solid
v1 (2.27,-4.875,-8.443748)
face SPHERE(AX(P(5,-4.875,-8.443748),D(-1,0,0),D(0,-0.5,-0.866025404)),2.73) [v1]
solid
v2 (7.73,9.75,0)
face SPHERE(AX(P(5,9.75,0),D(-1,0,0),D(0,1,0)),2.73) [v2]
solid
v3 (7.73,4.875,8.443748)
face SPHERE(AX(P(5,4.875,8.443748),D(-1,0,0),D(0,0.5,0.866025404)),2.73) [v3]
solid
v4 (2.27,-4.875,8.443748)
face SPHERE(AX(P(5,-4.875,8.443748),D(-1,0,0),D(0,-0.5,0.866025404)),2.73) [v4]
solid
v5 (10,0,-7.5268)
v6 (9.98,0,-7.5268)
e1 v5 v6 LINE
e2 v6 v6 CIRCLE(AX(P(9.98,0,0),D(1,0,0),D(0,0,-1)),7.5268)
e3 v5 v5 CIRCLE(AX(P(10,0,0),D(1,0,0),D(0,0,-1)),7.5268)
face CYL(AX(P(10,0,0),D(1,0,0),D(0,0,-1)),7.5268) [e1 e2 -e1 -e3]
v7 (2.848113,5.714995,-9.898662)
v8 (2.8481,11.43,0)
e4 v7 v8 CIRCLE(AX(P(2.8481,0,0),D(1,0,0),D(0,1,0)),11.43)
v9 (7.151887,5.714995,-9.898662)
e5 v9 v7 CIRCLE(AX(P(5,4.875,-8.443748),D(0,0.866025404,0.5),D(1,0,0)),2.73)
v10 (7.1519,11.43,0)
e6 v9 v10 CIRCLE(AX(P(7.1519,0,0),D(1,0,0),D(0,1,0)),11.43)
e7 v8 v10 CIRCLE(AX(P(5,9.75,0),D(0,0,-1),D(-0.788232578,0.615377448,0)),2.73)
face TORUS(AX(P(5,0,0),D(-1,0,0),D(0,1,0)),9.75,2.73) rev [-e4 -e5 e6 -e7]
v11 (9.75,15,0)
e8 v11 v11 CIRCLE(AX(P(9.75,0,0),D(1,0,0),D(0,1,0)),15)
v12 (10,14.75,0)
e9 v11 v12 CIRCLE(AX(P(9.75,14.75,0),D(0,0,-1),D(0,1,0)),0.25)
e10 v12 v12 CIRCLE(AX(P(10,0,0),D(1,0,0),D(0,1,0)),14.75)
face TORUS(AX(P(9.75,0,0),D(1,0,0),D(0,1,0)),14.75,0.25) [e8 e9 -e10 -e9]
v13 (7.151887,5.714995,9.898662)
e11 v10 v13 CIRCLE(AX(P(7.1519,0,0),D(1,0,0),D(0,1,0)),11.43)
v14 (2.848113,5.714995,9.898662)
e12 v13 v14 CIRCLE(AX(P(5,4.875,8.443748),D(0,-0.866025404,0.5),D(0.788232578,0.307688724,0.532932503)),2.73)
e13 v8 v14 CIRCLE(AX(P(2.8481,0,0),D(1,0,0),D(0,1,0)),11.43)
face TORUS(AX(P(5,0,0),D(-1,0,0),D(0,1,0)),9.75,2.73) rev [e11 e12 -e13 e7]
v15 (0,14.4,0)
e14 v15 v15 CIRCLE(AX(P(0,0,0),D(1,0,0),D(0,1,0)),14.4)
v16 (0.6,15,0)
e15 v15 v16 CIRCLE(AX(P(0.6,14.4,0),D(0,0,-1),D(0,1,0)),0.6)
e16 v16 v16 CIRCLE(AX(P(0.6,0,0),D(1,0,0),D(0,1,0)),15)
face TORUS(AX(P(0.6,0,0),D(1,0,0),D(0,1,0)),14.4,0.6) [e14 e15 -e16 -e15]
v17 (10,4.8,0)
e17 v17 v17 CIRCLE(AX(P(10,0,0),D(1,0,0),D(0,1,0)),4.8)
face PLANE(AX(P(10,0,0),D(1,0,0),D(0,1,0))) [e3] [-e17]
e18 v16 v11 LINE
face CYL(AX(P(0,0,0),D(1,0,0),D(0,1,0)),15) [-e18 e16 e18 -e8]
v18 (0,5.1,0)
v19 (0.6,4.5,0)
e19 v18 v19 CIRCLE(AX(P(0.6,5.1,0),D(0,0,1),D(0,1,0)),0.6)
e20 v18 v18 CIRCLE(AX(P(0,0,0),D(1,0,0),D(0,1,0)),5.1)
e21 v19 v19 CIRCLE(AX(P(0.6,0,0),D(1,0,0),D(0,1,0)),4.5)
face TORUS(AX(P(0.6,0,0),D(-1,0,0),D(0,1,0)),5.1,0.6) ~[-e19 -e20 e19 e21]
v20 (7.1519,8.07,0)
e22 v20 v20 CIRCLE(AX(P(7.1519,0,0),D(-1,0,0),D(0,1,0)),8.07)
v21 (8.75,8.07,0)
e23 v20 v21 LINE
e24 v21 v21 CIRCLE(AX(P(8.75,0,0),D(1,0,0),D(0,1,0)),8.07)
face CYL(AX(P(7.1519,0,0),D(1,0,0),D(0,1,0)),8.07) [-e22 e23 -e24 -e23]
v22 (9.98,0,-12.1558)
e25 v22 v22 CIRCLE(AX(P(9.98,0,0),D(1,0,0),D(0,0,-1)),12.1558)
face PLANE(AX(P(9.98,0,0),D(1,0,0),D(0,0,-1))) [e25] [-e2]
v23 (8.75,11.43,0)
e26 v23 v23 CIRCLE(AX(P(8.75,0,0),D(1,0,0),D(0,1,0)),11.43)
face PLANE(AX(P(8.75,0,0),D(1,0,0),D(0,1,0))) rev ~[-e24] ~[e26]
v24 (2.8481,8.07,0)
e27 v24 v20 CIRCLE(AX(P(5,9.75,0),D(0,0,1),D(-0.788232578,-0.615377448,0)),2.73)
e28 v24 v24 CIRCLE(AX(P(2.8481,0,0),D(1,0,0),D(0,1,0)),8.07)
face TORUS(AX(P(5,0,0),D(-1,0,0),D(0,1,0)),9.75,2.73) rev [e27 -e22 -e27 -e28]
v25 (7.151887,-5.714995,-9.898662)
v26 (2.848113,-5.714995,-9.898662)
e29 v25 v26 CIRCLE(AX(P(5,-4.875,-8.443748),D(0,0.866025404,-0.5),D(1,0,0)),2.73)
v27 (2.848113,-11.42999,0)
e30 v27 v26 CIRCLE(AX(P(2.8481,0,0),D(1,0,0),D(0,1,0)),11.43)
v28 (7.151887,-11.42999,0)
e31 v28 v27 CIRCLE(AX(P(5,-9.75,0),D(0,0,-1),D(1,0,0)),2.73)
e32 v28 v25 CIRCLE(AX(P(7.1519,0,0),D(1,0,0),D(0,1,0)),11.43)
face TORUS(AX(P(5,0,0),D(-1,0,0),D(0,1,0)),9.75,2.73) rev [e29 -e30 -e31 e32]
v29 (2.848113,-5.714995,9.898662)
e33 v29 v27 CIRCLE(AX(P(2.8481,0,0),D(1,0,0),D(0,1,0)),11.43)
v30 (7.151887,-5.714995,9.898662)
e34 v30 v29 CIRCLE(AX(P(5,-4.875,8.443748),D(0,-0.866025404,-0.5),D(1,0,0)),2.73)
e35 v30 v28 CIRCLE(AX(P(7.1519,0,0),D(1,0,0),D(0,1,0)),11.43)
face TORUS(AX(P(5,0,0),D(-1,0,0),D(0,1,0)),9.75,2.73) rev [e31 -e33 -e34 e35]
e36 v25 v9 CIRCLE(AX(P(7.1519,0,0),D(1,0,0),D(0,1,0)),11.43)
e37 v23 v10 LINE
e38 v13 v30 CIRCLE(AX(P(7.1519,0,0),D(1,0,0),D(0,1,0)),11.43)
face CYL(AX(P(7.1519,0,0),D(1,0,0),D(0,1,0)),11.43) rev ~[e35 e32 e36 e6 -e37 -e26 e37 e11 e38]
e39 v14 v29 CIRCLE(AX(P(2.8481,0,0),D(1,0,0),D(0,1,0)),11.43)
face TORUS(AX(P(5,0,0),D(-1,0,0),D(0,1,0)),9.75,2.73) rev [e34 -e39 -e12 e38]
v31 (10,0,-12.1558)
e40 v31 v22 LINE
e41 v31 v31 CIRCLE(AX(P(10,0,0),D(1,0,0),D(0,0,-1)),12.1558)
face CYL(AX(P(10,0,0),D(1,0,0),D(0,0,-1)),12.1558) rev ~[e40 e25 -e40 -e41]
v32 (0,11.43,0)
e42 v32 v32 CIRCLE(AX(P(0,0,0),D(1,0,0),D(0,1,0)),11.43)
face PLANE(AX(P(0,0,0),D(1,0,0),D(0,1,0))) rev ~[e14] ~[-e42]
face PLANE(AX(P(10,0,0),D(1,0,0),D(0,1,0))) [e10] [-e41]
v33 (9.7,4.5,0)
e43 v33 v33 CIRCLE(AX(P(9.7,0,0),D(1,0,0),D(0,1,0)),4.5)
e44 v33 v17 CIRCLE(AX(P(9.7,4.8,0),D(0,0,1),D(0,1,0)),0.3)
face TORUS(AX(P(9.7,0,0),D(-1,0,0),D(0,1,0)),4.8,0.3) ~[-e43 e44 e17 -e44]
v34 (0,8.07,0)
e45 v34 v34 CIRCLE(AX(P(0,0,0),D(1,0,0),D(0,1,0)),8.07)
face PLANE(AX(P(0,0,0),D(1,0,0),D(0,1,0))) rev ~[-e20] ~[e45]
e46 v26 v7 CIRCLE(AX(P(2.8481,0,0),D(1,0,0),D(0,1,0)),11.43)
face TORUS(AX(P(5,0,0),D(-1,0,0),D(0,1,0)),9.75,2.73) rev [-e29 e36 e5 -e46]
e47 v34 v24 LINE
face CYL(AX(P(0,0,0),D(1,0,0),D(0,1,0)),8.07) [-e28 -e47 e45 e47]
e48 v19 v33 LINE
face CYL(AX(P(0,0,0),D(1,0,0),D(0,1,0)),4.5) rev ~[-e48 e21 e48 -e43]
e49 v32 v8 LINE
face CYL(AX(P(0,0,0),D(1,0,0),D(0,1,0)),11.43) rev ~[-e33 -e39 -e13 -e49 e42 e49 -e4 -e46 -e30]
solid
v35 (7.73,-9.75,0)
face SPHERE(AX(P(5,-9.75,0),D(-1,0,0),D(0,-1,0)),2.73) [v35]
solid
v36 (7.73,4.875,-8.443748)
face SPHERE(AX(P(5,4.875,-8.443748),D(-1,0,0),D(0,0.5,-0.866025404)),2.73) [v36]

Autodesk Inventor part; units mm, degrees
ref_plane "YZ Plane" through (0, 0, 0) normal (1, 0, 0) x (0, 1, 0)
ref_plane "XZ Plane" through (0, 0, 0) normal (0, 1, 0) x (-1, 0, 0)
ref_plane "XY Plane" through (0, 0, 0) normal (0, 0, 1) x (1, 0, 0)
sketch "Sketch1" plane through (0, 0, 0) normal (0, 0, 1) x (1, 0, 0)
  line L0 (-2, 0) -> (12, 0) projected
  line L1 (0, 4.5) -> (10, 4.5)
  line L2 (5, 7.02) -> (5, 12.48)
  circle A0 centre (5, 9.75) radius 2.73
  line L3 (7.73, 9.75) -> (2.27, 9.75)
  line L4 (7.1519, 8.07) -> (8.75, 8.07)
  line L5 (3.5, 1.5694) -> (3.5, 1.5694)
  line L6 (0, 15) -> (7.2475, 15)
  line L7 (3.5, 2.4654) -> (3.5, 2.4654)
  line L8 (10, 15) -> (7.5, 15)
  line L9 (0, 8.07) -> (0, 4.5)
  line L10 (10, 15) -> (10, 12.1558)
  line L11 (10, 7.5268) -> (10, 4.5)
  line L12 (10, 8.07) -> (10, 11.43)
  line L13 (8.75, 11.43) -> (8.75, 8.07)
  line L14 (8.75, 7.5268) -> (10, 7.5268)
  line L15 (8.75, 12.1558) -> (10, 12.1558)
  line L16 (8.75, 12.1558) -> (8.75, 11.43)
  line L17 (8.75, 11.43) -> (10, 11.43)
  line L18 (8.75, 8.07) -> (8.75, 7.5268)
  line L19 (8.75, 8.07) -> (10, 8.07)
  line L20 (10, 12.1558) -> (10, 11.43)
  line L21 (10, 8.07) -> (10, 7.5268)
  line L22 (0, 15) -> (0, 11.43)
  line L23 (0, 11.43) -> (2.8481, 11.43)
  line L24 (7.1519, 11.43) -> (8.75, 11.43)
  line L25 (0, 17.6861) -> (0, -1.1167) projected
  line L26 (0, 8.07) -> (2.8481, 8.07)
  line L27 (7.2475, 15) -> (7.5, 15)
  dimension "d3" = 5.46
  dimension "d4" = 9
  dimension "d5" = 19.5
  dimension "d6" = 30
  dimension "d7" = 30
  dimension "d19" = 15.0537
  dimension "d20" = 24.3117
  dimension "d21" = 1.25
  dimension "d27" = 3.36
  dimension "d28" = 10
  dimension "d29" = 5
revolve "Body" add sketch "Sketch1" angle 360 about axis through (-10, 0, 0) along (1, 0, 0) contours L9 L26 A0 L4 L18 L14 L11 L1 | L14 L18 L19 L21 | L22 L6 L27 L8 L10 L15 L16 L24 A0 L23 | L17 L16 L15 L20
fillet "Fillet1" radius 0.25 1 edges at (10, -15, 0)
fillet "Fillet1" radius 0.6 1 edges at (0, -15, 0)
fillet "Fillet1" radius 0.6 1 edges at (0, -4.5, 0)
fillet "Fillet1" radius 0.3 1 edges at (10, -4.5, 0)
revolve "Ball" add sketch "Sketch1" angle 360 about axis through (7.73, 9.75, 0) along (-1, 0, 0) picked at (3.7098, 11.017) picked at (6.2902, 11.017) contours A0 L2 L3 | A0 L3 L2
pattern_circular "Balls" count 6 over 360 about axis through (-10, 0, 0) along (1, 0, 0) of "Ball"
revolve "Ring1" add sketch "Sketch1" angle 360 about axis through (-10, 0, 0) along (1, 0, 0) contours L14 L18 L19 L21 | L19 L13 L17 L12 | L17 L16 L15 L20
sketch "Sketch2" plane through (10, 0, 0) normal (1, 0, 0) x (0, 0, -1)
  circle A0 centre (0, 0) radius 14.75 projected
  circle A1 centre (0, 0) radius 12.1558
  circle A2 centre (0, 0) radius 7.5268
  dimension "d22" = 15.0537
  dimension "d23" = 24.3117
extrude "Indent1" cut sketch "Sketch2" against normal blind 0.02 contours A1
equation "\"d5\" = 0.5 * WD + 0.5 * BD"
equation "\"d29\" = 0.5 * KB"
equation "\"d22\" = ND3"
equation "\"d23\" = ND2"
equation "\"d3\" = -0.26 * WD + 0.26 * BD"
equation "\"d4\" = WD"
equation "\"d6\" = BD"
equation "\"d7\" = BD"
equation "\"d19\" = ND3"
equation "\"d20\" = ND2"
equation "\"d21\" = NBR2"
equation "\"d27\" = -0.16 * WD + 0.16 * BD"
equation "\"d28\" = KB"
equation "\"d10\" = KRS"
equation "\"d11\" = KR1S"
equation "\"d12\" = KR2S"
equation "\"d13\" = KR3S"
equation "\"WD\" = 9"
equation "\"BD\" = 30"
equation "\"KB\" = 10"
equation "\"KAB\" = 2.5"
equation "\"KRS\" = 0.1 * KAB"
equation "\"SD2\" = 32.5"
equation "\"NBR\" = 0.142857 * KAB"
equation "\"ANGL\" = 45deg"
equation "\"KR1S\" = 0.6"
equation "\"R1\" = 0.0714286 * KAB"
equation "\"NBR2\" = 0.125 * KB"
equation "\"ND2\" = 0.3423 * WD + 0.7077 * BD"
equation "\"ND3\" = 0.6403 * WD + 0.3097 * BD"
equation "\"KR2S\" = KR1S"
equation "\"KR3S\" = 0.3"
equation "\"d26\" = -0.087 * WD + 0.087 * BD"
equation "\"WR\" = 0.5 * WD"
equation "\"ND1\" = 0.326 * WD + 0.674 * BD"
equation "\"NBR1\" = 0"
equation "\"BR\" = 0.5 * BD"
properties part number "АНЦП.014.00.00.012.000" material "PET Plastic"
